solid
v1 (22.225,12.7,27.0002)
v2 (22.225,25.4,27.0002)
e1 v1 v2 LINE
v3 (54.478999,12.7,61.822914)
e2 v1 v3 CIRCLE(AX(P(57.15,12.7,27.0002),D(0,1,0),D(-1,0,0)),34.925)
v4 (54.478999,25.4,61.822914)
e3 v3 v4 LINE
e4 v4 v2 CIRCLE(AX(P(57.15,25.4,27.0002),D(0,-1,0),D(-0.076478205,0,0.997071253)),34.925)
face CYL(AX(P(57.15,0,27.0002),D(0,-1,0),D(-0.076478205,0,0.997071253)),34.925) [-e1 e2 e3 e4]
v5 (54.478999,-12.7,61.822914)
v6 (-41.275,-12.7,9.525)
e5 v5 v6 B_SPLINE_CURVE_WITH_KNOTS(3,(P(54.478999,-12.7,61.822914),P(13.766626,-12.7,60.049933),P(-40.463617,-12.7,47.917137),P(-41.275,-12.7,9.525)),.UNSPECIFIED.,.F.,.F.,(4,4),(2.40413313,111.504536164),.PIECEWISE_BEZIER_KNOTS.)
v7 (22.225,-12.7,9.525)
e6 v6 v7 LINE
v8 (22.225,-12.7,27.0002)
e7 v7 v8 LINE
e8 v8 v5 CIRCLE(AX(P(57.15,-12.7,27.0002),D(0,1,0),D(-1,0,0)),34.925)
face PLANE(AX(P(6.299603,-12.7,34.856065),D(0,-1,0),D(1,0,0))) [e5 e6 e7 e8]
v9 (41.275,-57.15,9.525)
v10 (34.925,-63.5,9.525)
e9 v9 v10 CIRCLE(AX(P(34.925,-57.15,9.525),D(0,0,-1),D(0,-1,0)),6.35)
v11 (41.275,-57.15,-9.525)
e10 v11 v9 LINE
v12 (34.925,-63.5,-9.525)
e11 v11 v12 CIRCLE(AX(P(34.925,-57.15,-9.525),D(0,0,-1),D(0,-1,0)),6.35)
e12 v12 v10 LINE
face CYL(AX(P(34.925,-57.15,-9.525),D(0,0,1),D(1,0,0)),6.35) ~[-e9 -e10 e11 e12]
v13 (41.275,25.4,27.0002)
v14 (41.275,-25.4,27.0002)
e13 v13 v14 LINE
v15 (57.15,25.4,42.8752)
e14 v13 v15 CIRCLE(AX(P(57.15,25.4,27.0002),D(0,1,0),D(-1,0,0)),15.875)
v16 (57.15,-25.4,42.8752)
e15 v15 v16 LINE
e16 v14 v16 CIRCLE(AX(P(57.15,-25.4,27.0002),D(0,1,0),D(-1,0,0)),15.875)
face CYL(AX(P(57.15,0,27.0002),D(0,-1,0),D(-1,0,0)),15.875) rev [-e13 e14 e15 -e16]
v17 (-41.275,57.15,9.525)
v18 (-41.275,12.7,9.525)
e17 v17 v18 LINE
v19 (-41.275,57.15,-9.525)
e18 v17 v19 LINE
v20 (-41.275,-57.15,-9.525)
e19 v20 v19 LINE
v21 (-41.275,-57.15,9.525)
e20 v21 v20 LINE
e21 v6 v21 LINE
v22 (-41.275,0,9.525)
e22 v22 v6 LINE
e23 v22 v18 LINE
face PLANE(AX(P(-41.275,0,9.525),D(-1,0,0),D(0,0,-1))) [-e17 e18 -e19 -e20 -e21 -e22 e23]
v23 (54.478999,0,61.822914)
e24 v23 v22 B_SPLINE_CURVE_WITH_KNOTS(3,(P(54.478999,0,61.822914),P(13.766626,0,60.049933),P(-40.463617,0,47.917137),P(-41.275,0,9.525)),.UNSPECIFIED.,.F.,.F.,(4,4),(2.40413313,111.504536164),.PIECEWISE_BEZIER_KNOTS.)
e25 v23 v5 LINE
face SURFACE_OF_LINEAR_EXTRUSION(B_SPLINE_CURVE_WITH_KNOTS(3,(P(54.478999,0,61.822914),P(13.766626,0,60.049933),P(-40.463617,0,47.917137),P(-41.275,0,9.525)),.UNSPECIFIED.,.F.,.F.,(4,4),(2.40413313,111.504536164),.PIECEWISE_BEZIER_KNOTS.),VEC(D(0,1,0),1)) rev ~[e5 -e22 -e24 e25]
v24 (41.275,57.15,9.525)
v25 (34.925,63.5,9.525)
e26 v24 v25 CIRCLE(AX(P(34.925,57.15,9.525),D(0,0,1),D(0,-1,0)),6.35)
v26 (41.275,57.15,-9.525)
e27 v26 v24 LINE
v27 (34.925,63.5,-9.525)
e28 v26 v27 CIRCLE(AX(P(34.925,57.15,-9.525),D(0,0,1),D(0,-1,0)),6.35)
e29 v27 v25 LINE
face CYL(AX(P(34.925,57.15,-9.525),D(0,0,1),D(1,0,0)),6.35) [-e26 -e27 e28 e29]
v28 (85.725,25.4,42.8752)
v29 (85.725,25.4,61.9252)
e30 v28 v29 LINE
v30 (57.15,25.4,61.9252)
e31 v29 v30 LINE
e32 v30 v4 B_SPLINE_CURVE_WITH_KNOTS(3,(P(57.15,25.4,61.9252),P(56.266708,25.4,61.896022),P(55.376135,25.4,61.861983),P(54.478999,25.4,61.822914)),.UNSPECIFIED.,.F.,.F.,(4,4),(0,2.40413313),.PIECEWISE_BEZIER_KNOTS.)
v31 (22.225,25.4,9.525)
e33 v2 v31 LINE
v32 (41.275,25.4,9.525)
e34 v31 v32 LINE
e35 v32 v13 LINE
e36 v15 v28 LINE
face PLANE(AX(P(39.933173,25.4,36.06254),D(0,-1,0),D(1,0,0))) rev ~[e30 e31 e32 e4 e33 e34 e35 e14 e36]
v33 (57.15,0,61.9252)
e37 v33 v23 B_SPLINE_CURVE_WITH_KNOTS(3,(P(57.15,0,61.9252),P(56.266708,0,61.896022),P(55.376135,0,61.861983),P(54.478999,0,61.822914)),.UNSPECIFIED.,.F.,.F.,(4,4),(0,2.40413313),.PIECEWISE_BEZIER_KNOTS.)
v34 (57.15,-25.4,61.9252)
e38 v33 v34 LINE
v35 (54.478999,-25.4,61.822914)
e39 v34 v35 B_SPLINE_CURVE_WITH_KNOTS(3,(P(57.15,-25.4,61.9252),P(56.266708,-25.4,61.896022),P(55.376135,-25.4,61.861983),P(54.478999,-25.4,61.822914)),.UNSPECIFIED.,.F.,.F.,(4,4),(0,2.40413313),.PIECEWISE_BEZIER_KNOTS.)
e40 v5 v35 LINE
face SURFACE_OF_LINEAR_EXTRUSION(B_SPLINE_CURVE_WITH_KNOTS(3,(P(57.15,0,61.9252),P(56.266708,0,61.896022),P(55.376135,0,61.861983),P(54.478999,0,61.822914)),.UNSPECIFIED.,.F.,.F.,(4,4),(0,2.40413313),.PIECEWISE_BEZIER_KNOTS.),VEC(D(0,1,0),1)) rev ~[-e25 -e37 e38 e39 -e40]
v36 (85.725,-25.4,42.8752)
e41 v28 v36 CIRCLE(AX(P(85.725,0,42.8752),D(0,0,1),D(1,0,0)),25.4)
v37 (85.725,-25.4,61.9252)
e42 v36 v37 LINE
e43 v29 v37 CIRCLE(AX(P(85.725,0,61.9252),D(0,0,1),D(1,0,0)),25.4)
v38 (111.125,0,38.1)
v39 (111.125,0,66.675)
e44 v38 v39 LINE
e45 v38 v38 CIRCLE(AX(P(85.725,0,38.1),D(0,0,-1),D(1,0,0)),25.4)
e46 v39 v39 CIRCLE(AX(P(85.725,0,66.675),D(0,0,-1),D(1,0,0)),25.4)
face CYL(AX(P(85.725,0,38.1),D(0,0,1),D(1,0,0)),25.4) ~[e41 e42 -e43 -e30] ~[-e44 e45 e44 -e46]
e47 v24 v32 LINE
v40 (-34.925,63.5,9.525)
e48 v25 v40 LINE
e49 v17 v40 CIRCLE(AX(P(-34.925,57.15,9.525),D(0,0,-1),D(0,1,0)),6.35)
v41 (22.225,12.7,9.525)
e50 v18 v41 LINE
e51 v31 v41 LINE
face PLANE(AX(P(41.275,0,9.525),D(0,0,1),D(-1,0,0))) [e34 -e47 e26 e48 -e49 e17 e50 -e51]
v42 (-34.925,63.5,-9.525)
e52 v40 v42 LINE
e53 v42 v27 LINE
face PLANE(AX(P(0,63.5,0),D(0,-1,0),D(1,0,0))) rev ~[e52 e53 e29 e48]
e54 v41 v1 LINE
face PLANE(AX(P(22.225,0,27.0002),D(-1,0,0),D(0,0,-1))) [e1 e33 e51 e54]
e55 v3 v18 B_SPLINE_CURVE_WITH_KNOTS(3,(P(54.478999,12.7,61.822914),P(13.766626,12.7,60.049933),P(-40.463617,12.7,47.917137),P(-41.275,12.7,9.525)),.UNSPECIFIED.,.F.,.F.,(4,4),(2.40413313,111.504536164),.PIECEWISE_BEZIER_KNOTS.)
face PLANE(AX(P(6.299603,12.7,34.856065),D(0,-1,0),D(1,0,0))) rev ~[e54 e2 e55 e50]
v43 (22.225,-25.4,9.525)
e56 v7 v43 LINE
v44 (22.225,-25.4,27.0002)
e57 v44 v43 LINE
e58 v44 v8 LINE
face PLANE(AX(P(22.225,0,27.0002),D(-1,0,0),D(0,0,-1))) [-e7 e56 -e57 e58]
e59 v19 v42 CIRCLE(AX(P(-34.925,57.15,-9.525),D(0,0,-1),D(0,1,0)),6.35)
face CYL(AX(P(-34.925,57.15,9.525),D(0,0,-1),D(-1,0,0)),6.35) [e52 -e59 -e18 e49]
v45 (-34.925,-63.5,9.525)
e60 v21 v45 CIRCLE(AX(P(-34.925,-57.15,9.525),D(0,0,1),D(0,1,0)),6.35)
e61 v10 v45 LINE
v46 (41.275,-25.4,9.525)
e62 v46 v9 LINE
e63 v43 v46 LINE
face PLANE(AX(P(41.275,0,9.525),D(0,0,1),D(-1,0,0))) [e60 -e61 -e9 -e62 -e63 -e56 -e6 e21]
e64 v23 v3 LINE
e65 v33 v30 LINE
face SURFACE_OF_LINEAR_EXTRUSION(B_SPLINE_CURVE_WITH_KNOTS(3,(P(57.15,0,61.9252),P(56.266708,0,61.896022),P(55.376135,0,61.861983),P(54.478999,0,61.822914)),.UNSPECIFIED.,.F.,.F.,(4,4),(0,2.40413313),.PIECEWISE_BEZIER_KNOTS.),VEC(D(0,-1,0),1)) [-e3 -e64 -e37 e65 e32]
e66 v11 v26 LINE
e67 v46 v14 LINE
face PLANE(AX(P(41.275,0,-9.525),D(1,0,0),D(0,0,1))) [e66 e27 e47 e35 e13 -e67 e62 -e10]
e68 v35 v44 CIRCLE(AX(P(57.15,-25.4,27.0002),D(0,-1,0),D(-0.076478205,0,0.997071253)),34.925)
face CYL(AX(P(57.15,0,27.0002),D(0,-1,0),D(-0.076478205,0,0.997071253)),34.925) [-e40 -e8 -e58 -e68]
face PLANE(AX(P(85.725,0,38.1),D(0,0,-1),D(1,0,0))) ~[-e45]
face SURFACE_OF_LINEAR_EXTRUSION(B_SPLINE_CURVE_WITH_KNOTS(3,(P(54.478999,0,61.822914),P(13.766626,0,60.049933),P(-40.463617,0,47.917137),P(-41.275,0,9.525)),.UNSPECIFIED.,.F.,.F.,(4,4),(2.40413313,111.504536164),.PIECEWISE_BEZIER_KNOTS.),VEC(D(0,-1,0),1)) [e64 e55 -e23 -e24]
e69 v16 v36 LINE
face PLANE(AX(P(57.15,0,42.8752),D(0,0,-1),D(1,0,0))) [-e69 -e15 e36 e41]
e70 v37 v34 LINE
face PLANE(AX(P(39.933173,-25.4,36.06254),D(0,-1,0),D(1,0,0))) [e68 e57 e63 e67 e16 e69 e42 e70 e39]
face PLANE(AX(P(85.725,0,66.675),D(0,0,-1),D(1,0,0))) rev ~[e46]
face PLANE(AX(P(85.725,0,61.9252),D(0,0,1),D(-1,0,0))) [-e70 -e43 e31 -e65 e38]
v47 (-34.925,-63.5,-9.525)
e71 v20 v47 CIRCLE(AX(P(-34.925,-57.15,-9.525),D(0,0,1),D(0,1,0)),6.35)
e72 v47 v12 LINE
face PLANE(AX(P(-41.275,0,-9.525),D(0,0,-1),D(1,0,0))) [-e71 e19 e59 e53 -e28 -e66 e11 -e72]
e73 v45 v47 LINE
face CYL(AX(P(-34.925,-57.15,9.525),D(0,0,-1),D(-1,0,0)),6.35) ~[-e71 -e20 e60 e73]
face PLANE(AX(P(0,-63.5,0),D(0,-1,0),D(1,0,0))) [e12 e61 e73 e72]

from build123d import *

# Parameters (mm, degrees)
F1_DEPTH = 63.5
F0_W     = 25.4
F0_H     = 19.05
F2_DEPTH = 25.4
F3_DEPTH = 12.7
F5_R     = 6.35


with BuildPart() as f1:
    # F0 (on Front) → F1 (new body, symmetric)
    with BuildSketch(Plane.XZ):
        Polygon((41.275, -9.525), (41.275, 9.525), (22.225, 9.525), (-41.275, 9.525), (-41.275, -9.525), align=None)
    extrude(amount=F1_DEPTH, both=True)

    # F0 (on Front) → F2 (join, symmetric)
    with BuildSketch(Plane.XZ):
        with BuildLine():
            Line((22.225, 9.525), (41.275, 9.525))
            Line((41.275, 9.525), (41.275, 27.0002))
            ThreePointArc((41.275, 27.0002), (45.9246798487, 38.2255201513), (57.15, 42.8752))
            Line((57.15, 42.8752), (60.325, 42.8752))
            Line((60.325, 42.8752), (60.325, 61.9252))
            Line((60.325, 61.9252), (57.15, 61.9252))
            add(Edge.make_bspline(
                [(57.15, 61.9252), (56.2667077822, 61.896021647), (55.3761352592, 61.8619828638), (54.478998675, 61.8229135204)],
                knots=[0, 0, 0, 0, 2.4041331296, 2.4041331296, 2.4041331296, 2.4041331296], degree=3))
            ThreePointArc((54.478998675, 61.8229135204), (31.527350388, 50.7327820732), (22.225, 27.0002))
            Line((22.225, 27.0002), (22.225, 9.525))
        make_face()
        with Locations((73.025, 52.4002)):
            Rectangle(F0_W, F0_H)
    extrude(amount=F2_DEPTH, both=True)

    # F0 (on Front) → F3 (join, symmetric)
    with BuildSketch(Plane.XZ):
        with BuildLine():
            Line((-41.275, 9.525), (22.225, 9.525))
            Line((22.225, 9.525), (22.225, 27.0002))
            ThreePointArc((22.225, 27.0002), (31.527350388, 50.7327820732), (54.478998675, 61.8229135204))
            add(Edge.make_bspline(
                [(54.478998675, 61.8229135204), (13.7666264229, 60.0499330393), (-40.4636171483, 47.9171368139), (-41.275, 9.525)],
                knots=[2.4041331296, 2.4041331296, 2.4041331296, 2.4041331296, 111.5045361635, 111.5045361635, 111.5045361635, 111.5045361635], degree=3))
        make_face()
    extrude(amount=F3_DEPTH, both=True)

    # F0 (on Front) → F4 (revolve)
    with BuildSketch(Plane.XZ):
        Polygon((85.725, 61.9252), (85.725, 42.8752), (85.725, 38.1), (111.125, 38.1), (111.125, 66.675), (85.725, 66.675), align=None)
    revolve(axis=Axis((85.725, 0, 52.3875), (0, 0, -1)))

    # F5
    f5_edges = [f1.edges().sort_by_distance(p)[0] for p in [
        (-41.275, -63.5, 0),
        (41.275, -63.5, 0),
        (41.275, 63.5, 0),
        (-41.275, 63.5, 0),
    ]]
    fillet(f5_edges, radius=F5_R)


solid = f1.part
